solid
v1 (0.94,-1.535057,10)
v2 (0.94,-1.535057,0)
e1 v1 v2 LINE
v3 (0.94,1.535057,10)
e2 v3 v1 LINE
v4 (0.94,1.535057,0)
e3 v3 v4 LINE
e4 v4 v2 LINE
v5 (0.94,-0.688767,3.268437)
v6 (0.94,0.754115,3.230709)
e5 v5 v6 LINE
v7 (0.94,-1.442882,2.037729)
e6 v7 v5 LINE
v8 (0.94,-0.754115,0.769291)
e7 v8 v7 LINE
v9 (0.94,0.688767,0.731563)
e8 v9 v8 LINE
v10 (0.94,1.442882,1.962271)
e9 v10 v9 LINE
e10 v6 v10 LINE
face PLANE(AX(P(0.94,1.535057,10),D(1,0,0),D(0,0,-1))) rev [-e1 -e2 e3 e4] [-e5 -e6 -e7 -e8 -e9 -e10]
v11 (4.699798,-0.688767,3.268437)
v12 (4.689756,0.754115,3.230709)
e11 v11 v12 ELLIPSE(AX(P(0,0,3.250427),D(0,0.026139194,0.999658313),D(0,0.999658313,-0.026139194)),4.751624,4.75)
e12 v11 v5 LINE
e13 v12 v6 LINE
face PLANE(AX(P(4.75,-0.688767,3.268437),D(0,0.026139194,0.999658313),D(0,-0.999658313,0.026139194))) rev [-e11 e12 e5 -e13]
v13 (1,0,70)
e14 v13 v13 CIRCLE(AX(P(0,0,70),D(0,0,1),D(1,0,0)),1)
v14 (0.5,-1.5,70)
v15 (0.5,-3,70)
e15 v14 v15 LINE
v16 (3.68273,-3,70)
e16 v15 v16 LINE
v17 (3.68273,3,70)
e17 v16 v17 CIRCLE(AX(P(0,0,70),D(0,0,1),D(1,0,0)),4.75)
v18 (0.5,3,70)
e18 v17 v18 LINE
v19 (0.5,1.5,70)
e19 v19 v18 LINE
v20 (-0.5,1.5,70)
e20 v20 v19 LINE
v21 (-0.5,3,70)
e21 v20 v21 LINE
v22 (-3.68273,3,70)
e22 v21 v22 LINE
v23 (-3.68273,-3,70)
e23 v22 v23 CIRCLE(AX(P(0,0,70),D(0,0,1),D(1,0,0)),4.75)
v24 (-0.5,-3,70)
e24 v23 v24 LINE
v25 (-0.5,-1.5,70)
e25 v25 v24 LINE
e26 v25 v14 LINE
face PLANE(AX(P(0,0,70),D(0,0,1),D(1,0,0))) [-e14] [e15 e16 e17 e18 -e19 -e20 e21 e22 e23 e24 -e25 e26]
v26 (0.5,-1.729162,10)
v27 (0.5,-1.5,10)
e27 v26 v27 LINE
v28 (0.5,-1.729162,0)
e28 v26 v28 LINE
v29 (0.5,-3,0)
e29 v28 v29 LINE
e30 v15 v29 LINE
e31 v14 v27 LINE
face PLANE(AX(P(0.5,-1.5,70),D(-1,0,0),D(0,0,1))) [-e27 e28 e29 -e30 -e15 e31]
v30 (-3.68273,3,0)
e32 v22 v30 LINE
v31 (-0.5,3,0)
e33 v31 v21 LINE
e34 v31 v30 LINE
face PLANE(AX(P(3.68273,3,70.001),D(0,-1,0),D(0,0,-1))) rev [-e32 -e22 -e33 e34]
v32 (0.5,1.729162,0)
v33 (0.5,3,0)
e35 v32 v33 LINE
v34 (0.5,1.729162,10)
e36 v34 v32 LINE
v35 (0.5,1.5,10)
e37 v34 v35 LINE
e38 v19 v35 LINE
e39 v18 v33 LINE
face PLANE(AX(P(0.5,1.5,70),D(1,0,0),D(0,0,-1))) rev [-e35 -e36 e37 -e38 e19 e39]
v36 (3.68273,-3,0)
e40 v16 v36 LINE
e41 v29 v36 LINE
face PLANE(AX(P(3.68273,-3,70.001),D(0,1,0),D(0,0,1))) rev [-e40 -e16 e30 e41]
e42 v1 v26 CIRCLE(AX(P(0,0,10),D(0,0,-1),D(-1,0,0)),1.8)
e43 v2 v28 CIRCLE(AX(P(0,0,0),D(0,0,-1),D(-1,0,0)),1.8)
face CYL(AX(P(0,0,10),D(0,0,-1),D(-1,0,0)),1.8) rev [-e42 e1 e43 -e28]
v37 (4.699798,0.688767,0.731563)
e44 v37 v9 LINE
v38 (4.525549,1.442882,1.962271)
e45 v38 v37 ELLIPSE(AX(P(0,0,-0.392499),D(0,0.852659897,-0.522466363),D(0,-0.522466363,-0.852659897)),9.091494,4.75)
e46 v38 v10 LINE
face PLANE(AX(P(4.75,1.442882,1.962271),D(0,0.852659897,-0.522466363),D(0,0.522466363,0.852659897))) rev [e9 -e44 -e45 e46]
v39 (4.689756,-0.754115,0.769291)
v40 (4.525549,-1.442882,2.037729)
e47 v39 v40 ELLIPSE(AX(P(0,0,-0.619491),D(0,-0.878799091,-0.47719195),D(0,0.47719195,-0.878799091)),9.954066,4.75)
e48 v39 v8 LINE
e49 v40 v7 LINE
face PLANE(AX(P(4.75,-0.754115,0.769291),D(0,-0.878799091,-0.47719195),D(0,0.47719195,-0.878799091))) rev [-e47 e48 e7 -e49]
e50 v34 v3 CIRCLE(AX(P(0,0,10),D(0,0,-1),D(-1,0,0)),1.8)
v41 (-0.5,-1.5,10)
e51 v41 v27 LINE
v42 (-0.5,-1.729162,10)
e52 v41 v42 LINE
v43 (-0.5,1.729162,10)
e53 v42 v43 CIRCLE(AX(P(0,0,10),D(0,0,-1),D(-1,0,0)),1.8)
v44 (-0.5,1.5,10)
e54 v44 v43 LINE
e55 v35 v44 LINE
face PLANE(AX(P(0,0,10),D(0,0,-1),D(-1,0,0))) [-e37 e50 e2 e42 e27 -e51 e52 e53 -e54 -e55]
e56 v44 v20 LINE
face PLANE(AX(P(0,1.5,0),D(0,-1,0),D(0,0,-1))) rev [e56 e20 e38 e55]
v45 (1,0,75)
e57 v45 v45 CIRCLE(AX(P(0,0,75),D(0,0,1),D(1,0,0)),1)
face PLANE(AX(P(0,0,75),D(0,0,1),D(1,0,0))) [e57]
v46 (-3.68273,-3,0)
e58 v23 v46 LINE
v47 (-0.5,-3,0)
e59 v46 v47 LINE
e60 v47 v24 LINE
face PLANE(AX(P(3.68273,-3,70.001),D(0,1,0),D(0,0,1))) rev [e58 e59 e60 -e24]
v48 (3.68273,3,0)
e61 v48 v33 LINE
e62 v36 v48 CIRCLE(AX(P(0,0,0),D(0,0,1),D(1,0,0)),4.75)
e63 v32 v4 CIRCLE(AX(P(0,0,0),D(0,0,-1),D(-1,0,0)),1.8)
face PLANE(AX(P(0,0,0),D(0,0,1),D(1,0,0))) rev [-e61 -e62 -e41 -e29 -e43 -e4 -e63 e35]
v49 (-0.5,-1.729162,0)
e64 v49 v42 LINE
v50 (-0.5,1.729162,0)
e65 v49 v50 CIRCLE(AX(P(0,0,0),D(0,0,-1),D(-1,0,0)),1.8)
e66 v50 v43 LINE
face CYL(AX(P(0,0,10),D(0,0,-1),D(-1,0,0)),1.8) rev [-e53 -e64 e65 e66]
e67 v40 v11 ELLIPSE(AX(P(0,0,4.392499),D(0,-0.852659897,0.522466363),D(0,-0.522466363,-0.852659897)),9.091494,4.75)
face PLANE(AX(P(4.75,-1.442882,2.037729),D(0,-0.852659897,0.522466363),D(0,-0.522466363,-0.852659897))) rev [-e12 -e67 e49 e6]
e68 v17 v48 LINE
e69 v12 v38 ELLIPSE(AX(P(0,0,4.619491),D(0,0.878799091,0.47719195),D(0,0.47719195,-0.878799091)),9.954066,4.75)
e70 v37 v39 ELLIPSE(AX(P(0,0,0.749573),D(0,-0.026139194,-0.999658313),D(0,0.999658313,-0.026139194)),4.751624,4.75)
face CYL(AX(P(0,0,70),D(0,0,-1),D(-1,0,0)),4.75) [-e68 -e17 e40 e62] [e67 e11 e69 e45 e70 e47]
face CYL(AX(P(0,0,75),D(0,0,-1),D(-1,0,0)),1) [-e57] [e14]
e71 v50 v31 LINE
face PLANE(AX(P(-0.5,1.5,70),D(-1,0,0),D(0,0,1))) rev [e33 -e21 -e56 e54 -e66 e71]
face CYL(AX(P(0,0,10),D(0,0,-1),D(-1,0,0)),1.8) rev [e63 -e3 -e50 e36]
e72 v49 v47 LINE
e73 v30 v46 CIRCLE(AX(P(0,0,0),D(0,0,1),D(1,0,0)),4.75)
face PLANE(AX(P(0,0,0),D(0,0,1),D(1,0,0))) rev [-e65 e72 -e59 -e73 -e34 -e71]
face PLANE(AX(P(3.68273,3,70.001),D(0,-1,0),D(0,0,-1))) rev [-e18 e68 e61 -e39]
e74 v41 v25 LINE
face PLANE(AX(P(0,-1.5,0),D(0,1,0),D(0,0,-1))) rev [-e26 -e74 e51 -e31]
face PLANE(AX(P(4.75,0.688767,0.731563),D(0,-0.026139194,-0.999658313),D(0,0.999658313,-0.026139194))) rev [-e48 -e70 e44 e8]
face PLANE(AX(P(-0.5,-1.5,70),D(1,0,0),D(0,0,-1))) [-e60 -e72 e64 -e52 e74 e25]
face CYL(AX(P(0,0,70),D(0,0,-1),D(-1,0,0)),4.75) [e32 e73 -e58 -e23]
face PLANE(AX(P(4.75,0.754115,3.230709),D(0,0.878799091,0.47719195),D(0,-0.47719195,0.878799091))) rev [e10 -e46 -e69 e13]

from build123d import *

# Parameters (mm, degrees)
SKETCH1_R           = 4.75
BOSS_EXTRUDE1_DEPTH = 70
CUT_EXTRUDE1_DEPTH  = 10
CUT_EXTRUDE2_DEPTH  = 71.39132475
CUT_EXTRUDE3_REACH  = 72.322
SKETCH5_W           = 1
SKETCH5_H           = 70
CUT_EXTRUDE4_DEPTH  = 1.5
SKETCH6_R           = 1
BOSS_EXTRUDE2_DEPTH = 5


with BuildPart() as part:
    # Sketch1 → Boss-Extrude1 (new body)
    with BuildSketch(Plane.XY):
        Circle(SKETCH1_R)
    extrude(amount=BOSS_EXTRUDE1_DEPTH)

    # Sketch2 → Cut-Extrude1 (cut)
    with BuildSketch(Plane(origin=(0, 0, 0), x_dir=(-1, 0, 0), z_dir=(0, 0, -1))):
        with BuildLine():
            Line((-0.94, 1.535057002), (-0.94, -1.535057002))
            ThreePointArc((-0.94, -1.535057002), (1.8, 0), (-0.94, 1.535057002))
        make_face()
    extrude(amount=-CUT_EXTRUDE1_DEPTH, mode=Mode.SUBTRACT)

    # Sketch3 → Cut-Extrude2 (cut, through all)
    with BuildSketch(Plane.ZY.offset(-0.94)):
        Polygon((3.230708553, 0.754115238), (1.962271323, 1.44288249), (0.73156277, 0.688767252), (0.769291447, -0.754115238), (2.037728677, -1.44288249), (3.26843723, -0.688767252), align=None)
    extrude(amount=-CUT_EXTRUDE2_DEPTH, mode=Mode.SUBTRACT)

    # Sketch4 → Cut-Extrude3 (cut, up to next)
    with BuildSketch(Plane(origin=(0, 0, 0), x_dir=(-1, 0, 0), z_dir=(0, 0, -1)), mode=Mode.PRIVATE) as cut_extrude3_sk1:
        with BuildLine():
            Line((-3.682729966, 3), (3.682729966, 3))
            ThreePointArc((3.682729966, 3), (0, 4.75), (-3.682729966, 3))
        make_face()
    cut_extrude3_tool1 = extrude(cut_extrude3_sk1.sketch, amount=-CUT_EXTRUDE3_REACH, mode=Mode.PRIVATE) & part.part
    # Sketch4 → Cut-Extrude3 (cut, up to next)
    with BuildSketch(Plane(origin=(0, 0, 0), x_dir=(-1, 0, 0), z_dir=(0, 0, -1)), mode=Mode.PRIVATE) as cut_extrude3_sk2:
        with BuildLine():
            Line((-3.682729966, -3), (3.682729966, -3))
            ThreePointArc((3.682729966, -3), (0, -4.75), (-3.682729966, -3))
        make_face()
    cut_extrude3_tool2 = extrude(cut_extrude3_sk2.sketch, amount=-CUT_EXTRUDE3_REACH, mode=Mode.PRIVATE) & part.part
    add(cut_extrude3_tool1.solids().sort_by_distance((0, 3.712383, 0))[0], mode=Mode.SUBTRACT)
    add(cut_extrude3_tool2.solids().sort_by_distance((0, -3.712383, 0))[0], mode=Mode.SUBTRACT)

    # Sketch5 → Cut-Extrude4 (cut)
    with BuildSketch(Plane(origin=(0, 3, 0), x_dir=(1, 0, 0), z_dir=(0, 1, 0))):
        with Locations((0, -35)):
            Rectangle(SKETCH5_W, SKETCH5_H)
    cut_extrude4 = extrude(amount=-CUT_EXTRUDE4_DEPTH, mode=Mode.SUBTRACT)

    # Mirror1: Cut-Extrude4 across plane
    add(cut_extrude4.mirror(Plane.ZX), mode=Mode.SUBTRACT)

    # Sketch6 → Boss-Extrude2 (add)
    with BuildSketch(Plane.XY.offset(70)):
        Circle(SKETCH6_R)
    extrude(amount=BOSS_EXTRUDE2_DEPTH)


solid = part.part
